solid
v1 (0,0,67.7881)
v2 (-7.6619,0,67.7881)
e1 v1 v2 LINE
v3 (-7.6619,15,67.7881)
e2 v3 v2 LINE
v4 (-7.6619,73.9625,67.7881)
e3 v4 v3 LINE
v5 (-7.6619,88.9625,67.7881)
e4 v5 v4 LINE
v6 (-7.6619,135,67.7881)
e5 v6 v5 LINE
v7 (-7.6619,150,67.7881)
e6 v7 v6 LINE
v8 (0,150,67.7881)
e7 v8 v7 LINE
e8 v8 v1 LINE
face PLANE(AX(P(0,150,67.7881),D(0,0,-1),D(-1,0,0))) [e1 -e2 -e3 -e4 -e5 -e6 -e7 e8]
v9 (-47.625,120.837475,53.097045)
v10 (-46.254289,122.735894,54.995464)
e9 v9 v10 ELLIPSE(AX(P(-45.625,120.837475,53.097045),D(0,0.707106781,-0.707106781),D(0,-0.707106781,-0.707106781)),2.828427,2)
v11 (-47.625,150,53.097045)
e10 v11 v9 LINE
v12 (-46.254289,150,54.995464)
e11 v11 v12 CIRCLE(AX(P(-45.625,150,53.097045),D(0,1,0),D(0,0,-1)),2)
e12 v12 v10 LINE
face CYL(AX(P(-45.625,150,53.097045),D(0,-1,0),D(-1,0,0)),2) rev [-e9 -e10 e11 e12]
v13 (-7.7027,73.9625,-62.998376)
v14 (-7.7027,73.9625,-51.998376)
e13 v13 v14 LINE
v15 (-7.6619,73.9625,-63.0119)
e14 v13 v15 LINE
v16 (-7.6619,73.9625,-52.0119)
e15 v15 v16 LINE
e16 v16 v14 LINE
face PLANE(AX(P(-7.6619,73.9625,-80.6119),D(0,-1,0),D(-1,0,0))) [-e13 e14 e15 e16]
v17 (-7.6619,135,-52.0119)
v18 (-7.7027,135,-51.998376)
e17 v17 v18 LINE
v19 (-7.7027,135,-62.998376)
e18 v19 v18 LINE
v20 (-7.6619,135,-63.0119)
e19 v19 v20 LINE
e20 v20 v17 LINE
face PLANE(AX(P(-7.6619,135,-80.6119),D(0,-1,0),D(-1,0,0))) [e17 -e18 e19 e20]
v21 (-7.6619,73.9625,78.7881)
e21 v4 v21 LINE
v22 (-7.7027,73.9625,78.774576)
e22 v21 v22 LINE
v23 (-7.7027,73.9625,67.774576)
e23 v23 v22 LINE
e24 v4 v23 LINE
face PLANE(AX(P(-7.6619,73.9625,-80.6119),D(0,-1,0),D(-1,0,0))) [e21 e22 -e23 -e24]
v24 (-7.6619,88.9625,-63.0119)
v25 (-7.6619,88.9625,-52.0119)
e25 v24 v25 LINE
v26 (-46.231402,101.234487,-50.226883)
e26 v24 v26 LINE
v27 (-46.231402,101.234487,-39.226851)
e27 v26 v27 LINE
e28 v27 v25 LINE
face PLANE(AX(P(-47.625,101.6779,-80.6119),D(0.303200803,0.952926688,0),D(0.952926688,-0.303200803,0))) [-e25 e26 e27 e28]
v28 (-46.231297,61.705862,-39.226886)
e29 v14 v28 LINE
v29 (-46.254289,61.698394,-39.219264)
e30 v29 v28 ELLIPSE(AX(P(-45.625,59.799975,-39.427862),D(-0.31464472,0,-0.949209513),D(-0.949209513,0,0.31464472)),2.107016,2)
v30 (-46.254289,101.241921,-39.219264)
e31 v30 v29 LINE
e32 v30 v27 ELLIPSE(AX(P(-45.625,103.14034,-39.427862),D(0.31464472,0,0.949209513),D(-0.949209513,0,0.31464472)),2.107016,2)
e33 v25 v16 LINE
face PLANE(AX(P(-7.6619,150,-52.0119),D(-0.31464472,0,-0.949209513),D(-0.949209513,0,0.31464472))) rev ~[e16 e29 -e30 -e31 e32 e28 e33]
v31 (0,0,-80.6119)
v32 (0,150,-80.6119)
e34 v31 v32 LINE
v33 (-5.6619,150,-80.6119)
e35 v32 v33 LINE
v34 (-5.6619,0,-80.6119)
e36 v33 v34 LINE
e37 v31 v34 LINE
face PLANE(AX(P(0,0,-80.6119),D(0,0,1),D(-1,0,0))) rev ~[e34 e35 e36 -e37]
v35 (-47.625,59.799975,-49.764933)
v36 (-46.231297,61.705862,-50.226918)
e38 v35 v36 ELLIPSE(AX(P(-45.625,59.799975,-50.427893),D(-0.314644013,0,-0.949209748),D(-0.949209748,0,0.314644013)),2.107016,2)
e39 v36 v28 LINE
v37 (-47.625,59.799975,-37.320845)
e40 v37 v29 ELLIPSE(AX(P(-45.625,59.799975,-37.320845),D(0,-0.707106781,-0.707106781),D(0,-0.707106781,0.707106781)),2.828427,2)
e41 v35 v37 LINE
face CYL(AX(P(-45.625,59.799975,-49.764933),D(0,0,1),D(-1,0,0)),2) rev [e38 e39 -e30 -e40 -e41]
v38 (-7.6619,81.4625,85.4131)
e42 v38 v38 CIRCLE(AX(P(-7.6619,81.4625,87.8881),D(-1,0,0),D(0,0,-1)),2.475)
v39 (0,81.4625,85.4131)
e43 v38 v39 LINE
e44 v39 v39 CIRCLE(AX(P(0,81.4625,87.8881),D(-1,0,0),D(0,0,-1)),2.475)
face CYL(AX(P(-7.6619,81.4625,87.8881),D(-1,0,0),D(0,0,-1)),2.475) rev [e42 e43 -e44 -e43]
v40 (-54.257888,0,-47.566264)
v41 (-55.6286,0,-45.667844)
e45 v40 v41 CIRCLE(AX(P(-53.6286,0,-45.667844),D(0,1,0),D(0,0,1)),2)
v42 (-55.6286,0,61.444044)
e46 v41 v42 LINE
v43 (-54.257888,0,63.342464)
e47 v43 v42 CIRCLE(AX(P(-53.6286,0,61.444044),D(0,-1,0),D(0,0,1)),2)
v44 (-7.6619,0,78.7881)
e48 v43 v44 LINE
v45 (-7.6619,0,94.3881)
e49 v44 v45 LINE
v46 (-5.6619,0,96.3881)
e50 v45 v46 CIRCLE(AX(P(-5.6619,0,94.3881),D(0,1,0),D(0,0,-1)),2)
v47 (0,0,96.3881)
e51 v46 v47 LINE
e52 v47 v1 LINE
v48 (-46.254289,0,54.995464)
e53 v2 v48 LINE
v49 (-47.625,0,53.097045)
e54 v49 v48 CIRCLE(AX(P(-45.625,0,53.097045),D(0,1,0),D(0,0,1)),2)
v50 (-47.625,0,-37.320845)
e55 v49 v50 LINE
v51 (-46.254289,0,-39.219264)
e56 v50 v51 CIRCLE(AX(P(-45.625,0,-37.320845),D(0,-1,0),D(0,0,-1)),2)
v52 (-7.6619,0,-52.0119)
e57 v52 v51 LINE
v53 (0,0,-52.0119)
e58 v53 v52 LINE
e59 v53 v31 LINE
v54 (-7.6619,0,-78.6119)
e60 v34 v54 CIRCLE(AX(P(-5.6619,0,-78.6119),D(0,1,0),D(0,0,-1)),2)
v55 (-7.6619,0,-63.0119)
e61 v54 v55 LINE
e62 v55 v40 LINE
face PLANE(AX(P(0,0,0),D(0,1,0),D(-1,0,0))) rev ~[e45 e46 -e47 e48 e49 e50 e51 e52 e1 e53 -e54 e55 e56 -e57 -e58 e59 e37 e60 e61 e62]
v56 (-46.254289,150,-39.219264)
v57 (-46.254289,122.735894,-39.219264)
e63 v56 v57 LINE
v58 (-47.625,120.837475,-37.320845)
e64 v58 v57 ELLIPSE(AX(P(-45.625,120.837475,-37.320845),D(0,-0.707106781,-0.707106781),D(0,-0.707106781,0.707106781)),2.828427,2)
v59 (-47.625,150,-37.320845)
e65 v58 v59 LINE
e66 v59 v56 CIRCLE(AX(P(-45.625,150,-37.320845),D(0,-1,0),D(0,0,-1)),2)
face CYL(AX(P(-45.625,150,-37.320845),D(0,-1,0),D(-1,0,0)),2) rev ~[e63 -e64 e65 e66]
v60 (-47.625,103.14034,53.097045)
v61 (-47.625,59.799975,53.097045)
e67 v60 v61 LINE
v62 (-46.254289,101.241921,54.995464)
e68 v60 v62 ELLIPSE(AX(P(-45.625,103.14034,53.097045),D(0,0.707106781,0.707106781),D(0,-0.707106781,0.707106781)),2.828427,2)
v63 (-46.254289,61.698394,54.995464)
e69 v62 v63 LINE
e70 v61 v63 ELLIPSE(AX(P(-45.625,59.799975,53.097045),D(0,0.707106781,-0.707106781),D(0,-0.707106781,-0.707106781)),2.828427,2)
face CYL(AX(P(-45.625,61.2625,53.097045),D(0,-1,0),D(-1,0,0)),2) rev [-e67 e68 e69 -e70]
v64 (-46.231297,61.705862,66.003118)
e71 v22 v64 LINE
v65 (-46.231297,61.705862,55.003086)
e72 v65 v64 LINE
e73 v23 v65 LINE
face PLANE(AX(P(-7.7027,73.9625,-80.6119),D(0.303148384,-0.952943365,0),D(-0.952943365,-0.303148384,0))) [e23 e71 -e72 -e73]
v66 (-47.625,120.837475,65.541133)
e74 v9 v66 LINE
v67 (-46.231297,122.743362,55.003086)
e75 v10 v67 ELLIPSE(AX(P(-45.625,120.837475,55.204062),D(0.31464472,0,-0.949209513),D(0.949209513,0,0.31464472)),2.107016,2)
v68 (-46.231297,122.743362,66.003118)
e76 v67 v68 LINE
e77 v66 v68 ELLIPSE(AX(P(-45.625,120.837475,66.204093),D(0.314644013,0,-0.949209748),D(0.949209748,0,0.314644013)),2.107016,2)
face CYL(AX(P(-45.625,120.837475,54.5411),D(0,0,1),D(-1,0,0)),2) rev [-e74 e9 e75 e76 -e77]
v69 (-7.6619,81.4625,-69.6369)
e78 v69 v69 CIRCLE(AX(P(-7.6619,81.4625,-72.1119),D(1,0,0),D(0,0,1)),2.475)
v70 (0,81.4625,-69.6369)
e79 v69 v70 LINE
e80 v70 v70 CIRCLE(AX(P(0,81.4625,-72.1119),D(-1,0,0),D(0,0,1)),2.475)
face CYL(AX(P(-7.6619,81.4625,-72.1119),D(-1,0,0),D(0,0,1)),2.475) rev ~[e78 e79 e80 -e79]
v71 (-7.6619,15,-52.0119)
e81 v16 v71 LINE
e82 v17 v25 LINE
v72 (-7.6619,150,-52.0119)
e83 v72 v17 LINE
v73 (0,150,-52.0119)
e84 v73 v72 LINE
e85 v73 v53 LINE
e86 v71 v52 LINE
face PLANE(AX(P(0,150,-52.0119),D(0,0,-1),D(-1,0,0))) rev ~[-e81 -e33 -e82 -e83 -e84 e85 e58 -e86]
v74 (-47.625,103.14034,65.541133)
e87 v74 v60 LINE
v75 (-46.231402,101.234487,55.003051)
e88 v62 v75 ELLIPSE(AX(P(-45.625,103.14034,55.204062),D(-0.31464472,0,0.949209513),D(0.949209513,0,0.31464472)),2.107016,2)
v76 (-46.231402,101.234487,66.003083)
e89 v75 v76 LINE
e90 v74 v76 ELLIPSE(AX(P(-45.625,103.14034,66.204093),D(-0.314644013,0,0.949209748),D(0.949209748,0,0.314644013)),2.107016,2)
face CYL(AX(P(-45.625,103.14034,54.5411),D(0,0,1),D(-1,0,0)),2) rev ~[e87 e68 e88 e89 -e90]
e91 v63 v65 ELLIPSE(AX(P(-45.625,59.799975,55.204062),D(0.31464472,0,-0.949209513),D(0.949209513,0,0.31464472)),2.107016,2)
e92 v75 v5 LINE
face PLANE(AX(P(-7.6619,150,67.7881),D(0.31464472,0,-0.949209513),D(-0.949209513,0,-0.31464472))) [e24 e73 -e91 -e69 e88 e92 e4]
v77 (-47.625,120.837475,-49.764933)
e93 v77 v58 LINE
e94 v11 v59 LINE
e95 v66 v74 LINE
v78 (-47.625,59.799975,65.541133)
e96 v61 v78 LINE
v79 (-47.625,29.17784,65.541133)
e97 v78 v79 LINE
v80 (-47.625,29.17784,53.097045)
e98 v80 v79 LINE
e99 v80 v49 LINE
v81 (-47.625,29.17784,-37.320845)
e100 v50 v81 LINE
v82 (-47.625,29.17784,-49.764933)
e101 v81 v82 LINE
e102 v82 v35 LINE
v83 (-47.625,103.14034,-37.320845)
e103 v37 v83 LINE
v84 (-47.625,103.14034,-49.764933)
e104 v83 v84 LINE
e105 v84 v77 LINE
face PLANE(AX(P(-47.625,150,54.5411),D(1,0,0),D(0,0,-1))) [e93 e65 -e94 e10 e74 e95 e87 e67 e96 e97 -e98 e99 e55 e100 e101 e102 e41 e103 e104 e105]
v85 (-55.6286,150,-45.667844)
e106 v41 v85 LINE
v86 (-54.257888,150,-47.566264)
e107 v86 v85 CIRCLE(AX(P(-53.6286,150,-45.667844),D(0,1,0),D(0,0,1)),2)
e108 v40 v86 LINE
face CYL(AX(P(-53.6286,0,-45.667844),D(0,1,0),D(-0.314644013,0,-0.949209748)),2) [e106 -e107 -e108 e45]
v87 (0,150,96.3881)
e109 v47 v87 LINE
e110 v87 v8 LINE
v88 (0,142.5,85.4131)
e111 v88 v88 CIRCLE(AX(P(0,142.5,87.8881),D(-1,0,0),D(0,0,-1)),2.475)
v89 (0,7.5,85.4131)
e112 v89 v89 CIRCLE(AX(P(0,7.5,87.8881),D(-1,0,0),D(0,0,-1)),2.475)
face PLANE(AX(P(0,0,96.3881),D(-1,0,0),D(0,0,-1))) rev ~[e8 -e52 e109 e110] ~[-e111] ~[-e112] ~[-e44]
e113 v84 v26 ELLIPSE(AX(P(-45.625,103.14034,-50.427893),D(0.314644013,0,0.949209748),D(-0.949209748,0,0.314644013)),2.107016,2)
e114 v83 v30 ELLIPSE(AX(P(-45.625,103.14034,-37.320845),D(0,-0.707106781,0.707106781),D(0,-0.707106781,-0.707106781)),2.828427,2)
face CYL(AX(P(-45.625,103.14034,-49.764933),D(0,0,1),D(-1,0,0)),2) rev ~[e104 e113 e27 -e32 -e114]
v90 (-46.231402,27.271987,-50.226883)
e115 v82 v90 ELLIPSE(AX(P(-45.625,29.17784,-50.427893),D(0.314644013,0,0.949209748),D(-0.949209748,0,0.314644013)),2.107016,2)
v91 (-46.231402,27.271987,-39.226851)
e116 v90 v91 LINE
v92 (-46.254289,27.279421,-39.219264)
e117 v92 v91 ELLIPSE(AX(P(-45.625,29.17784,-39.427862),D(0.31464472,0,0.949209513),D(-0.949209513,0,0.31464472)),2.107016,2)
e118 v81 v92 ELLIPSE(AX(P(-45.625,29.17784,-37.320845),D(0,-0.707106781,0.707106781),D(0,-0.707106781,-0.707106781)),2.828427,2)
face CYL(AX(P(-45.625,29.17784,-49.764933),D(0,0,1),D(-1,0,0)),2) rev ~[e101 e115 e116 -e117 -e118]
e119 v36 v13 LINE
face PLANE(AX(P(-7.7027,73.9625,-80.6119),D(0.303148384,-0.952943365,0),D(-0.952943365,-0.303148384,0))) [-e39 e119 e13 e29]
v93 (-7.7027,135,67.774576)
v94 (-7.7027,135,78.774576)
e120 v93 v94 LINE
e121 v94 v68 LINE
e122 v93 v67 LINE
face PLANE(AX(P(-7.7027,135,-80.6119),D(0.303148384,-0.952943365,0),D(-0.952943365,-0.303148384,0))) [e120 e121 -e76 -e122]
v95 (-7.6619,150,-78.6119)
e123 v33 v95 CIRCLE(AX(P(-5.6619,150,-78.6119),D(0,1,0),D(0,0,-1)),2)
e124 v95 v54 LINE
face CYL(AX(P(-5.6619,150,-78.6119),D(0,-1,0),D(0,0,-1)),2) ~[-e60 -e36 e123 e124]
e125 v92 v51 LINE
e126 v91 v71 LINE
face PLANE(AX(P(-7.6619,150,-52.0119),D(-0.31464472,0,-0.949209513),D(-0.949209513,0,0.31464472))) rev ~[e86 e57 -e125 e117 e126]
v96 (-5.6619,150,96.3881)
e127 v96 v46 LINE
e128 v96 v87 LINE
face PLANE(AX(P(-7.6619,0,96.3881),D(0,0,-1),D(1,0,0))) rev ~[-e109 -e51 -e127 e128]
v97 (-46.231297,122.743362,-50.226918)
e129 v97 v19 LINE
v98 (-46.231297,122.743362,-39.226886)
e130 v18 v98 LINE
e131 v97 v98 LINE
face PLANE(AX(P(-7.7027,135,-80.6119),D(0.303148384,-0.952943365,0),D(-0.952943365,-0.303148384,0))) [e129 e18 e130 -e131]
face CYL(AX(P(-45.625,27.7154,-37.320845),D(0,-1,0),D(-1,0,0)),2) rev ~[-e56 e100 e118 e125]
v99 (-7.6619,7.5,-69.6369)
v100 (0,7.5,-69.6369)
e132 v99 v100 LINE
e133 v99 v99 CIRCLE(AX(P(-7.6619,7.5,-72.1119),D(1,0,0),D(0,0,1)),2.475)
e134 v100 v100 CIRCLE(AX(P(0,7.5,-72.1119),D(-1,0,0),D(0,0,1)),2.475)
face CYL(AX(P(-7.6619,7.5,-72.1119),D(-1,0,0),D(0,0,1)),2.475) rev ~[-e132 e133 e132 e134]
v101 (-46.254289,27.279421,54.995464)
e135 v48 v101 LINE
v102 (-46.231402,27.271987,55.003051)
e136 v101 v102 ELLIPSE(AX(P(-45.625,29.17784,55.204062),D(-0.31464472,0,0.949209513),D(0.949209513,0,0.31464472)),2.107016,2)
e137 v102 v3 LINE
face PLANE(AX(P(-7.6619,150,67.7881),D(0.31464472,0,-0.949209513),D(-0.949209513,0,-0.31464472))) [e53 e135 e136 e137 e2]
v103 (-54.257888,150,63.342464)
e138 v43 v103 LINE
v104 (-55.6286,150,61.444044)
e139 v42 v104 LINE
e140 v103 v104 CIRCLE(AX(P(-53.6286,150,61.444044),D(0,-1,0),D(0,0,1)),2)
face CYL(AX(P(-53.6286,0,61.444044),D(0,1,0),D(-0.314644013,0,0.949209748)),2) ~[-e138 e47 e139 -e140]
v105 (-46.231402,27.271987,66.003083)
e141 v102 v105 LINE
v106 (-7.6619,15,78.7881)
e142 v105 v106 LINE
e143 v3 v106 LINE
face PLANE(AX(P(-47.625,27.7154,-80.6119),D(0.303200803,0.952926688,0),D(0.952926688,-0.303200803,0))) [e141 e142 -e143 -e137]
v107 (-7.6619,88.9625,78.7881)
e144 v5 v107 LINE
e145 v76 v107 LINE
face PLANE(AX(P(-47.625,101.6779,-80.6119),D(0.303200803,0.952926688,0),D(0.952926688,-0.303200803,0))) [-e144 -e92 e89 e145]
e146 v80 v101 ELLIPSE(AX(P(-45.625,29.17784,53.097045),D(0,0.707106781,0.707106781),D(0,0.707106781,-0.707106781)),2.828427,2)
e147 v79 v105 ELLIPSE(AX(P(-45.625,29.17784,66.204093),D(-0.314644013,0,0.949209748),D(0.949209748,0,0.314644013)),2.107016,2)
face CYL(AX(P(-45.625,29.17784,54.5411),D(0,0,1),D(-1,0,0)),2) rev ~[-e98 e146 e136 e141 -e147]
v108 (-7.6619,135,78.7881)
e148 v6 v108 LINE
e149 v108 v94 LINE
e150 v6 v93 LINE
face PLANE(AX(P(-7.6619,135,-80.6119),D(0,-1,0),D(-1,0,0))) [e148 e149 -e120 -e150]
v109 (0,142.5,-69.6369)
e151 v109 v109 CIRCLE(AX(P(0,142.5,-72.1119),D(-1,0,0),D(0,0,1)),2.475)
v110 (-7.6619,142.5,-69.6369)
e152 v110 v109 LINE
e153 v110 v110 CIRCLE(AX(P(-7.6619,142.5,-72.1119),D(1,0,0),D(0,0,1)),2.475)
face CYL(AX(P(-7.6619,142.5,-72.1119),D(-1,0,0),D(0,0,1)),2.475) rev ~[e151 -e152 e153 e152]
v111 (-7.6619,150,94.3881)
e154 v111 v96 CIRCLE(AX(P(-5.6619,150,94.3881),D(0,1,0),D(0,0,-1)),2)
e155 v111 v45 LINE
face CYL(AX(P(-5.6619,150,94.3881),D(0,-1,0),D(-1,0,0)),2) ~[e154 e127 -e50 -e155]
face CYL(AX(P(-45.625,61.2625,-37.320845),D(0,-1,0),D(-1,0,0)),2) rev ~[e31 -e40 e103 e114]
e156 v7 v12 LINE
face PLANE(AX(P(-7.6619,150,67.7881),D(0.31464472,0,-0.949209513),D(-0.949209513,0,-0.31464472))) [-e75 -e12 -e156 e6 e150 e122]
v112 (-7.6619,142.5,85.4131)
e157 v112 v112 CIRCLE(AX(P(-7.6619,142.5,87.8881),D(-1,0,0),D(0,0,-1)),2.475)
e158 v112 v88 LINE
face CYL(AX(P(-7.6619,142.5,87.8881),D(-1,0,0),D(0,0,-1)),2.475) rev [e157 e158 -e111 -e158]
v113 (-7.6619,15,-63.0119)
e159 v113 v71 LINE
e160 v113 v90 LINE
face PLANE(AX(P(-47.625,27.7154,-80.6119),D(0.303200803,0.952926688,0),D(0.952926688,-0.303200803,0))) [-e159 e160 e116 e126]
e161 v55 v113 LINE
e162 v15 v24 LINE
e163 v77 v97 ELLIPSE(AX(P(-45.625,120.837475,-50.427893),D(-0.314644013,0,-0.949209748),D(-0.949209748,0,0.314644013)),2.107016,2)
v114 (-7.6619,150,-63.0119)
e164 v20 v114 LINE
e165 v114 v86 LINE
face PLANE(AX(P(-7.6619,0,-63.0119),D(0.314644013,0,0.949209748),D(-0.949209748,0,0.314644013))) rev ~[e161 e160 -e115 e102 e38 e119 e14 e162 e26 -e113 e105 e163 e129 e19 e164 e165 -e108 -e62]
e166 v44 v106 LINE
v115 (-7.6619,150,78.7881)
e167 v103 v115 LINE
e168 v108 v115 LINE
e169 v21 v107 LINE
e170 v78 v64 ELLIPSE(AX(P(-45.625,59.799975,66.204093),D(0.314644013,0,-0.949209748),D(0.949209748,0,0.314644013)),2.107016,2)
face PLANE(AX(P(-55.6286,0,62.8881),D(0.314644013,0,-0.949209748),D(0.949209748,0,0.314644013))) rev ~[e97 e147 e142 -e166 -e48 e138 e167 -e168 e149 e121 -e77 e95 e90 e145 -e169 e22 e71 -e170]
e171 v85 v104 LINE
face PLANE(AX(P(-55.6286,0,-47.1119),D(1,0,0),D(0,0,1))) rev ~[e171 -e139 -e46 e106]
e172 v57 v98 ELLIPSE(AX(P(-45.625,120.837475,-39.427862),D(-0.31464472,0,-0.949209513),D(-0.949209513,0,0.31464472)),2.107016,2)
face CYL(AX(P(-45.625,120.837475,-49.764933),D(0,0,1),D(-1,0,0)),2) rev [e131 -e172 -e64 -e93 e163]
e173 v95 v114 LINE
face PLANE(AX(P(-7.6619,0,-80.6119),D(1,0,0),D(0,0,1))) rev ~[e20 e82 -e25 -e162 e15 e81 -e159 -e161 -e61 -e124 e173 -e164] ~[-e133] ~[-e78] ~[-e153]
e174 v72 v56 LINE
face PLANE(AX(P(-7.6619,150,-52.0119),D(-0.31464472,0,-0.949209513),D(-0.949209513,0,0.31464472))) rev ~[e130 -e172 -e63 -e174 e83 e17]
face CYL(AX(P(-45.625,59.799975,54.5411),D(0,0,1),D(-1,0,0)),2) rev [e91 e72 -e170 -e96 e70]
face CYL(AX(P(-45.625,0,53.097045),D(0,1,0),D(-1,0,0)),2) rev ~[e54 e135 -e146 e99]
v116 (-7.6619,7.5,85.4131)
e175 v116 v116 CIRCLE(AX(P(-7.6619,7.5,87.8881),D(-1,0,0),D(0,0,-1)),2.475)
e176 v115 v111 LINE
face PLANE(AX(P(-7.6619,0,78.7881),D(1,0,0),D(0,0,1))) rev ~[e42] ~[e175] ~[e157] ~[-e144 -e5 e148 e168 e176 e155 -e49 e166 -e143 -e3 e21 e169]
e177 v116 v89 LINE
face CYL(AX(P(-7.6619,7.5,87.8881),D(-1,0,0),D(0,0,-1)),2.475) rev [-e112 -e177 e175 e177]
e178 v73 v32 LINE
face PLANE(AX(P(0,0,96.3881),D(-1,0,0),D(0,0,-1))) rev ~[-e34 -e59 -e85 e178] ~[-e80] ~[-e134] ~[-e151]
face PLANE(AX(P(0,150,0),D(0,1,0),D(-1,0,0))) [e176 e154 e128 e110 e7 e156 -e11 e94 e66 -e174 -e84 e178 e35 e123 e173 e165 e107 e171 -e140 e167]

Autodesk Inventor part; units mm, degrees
ref_plane "YZ Plane" through (0, 0, 0) normal (1, 0, 0) x (0, 1, 0)
ref_plane "XZ Plane" through (0, 0, 0) normal (0, 1, 0) x (-1, 0, 0)
ref_plane "XY Plane" through (0, 0, 0) normal (0, 0, 1) x (1, 0, 0)
sketch "Sketch1" plane through (0, 0, 0) normal (0, 1, 0) x (-1, 0, 0)
  line L0 (0, 96.3881) -> (0, -80.6119)
  line L1 (0, -80.6119) -> (7.6619, -80.6119)
  line L2 (7.6619, -80.6119) -> (7.6619, -63.0119)
  line L3 (7.6619, -63.0119) -> (55.6286, -47.1119)
  line L4 (55.6286, -47.1119) -> (55.6286, 62.8881)
  line L5 (55.6286, 62.8881) -> (7.6619, 78.7881)
  line L6 (7.6619, 78.7881) -> (7.6619, 96.3881)
  line L7 (7.6619, 96.3881) -> (0, 96.3881)
  point P0 (0, 0)
  dimension "d0" = 177
  dimension "d1" = 17.6
  dimension "d2" = 17.6
  dimension "d3" = 110
  dimension "d4" = 15.9
extrude "Extrusion1" add sketch "Sketch1" along normal blind 150
sketch "Sketch2" plane through (0, 150, 0) normal (0, 1, 0) x (1, 0, 0)
  line L0 (-7.6619, -78.7881) -> (-7.6619, -96.3881) projected
  line L1 (-7.6619, -78.7881) -> (0, -78.7881)
  line L2 (0, -96.3881) -> (0, 80.6119) projected
  line L3 (0, -78.7881) -> (0, -67.7881)
  line L4 (0, -67.7881) -> (-7.6619, -67.7881)
  line L5 (-7.6619, 80.6119) -> (-7.6619, 63.0119) projected
  line L6 (-7.6619, 63.0119) -> (0, 63.0119)
  line L7 (0, 63.0119) -> (0, 52.0119)
  line L8 (0, 52.0119) -> (-7.6619, 52.0119)
  line L9 (0, -67.7881) -> (0, 52.0119)
  line L10 (-7.6619, -67.7881) -> (-47.625, -54.5411)
  line L11 (-7.6619, 52.0119) -> (-47.625, 38.7649)
  line L12 (-55.6286, -62.8881) -> (-7.6619, -78.7881) projected
  line L13 (-7.6619, 63.0119) -> (-55.6286, 47.1119) projected
  line L14 (-47.625, -54.5411) -> (-47.625, 38.7649)
  point P0 (0, 0)
  dimension "d8" = 11
  dimension "d9" = 11
  dimension "d10" = 0
  dimension "d11" = 0
  dimension "d12" = 93.306
extrude "Extrusion2" cut sketch "Sketch2" against normal blind 150
sketch "Sketch3" plane through (0, 0, -80.6119) normal (0, 0, -1) x (-1, 0, 0)
  line L0 (0, 0) -> (0, 150) projected
  line L1 (0, 135) -> (7.7027, 135)
  line L2 (7.7027, 135) -> (47.625, 122.3)
  line L3 (47.625, 150) -> (47.625, 0) projected
  line L4 (47.625, 122.3) -> (47.625, 101.6779)
  line L5 (47.625, 101.6779) -> (7.6619, 88.9625)
  line L6 (7.6619, 150) -> (7.6619, 0) projected
  line L7 (7.6619, 88.9625) -> (0, 88.9625)
  line L8 (0, 135) -> (0, 88.9625)
  line L9 (0, 73.9625) -> (7.7027, 73.9625)
  line L10 (7.7027, 73.9625) -> (47.625, 61.2625)
  line L11 (47.625, 61.2625) -> (47.625, 27.7154)
  line L12 (47.625, 27.7154) -> (7.6619, 15)
  line L13 (7.6619, 15) -> (0, 15)
  line L14 (0, 73.9625) -> (0, 15)
  line L15 (0, 150) -> (7.6619, 150) projected
  line L16 (0, 0) -> (7.6619, 0) projected
  point P0 (7.6619, 15)
  point P1 (7.6619, 73.9625)
  point P2 (7.6619, 135)
  dimension "d15" = 72.35
  dimension "d16" = 72.353
  dimension "d18" = 15
  dimension "d19" = 15
  dimension "d20" = 46.0375
  dimension "d22" = 72.353
  dimension "d23" = 72.35
  dimension "d24" = 15
extrude "Extrusion3" cut sketch "Sketch3" against normal blind 1500 contours L6 L9 L10 L3 L12 | L6 L1 L2 L3 L5
fillet "Fillet1" radius 2 8 edges at (-47.625, 122.3, -44.2649) (-47.625, 101.6779, -44.2649) (-47.625, 61.2625, -44.2649) (-47.625, 27.7154, -44.2649) (-47.625, 61.2625, 60.0411) (-47.625, 122.3, 60.0411) (-47.625, 101.6779, 60.0411) (-47.625, 27.7154, 60.0411)
fillet "Fillet2" radius 2 12 edges at (-47.625, 121.5687, 54.5411) (-47.625, 136.15, 54.5411) (-47.625, 60.5312, 54.5411) (-47.625, 102.4092, 54.5411) (-47.625, 28.4467, 54.5411) (-47.625, 13.8577, 54.5411) (-47.625, 136.15, -38.7649) (-47.625, 121.5687, -38.7649) (-47.625, 60.5312, -38.7649) (-47.625, 102.4092, -38.7649) (-47.625, 13.8577, -38.7649) (-47.625, 28.4467, -38.7649)
fillet "Fillet3" radius 2 4 edges at (-7.6619, 75, 96.3881) (-7.6619, 75, -80.6119) (-55.6286, 75, -47.1119) (-55.6286, 75, 62.8881)
sketch "Sketch4" plane through (-7.6619, 15, -52.0119) normal (-1, 0, 0) x (0, 0, 1)
  line L0 (130.8, 135) -> (146.4, 135) projected
  line L1 (139.9, 135) -> (139.9, -14.5366)
  line L2 (-20.1, 135) -> (-20.1, -15)
  line L3 (-26.6, -15) -> (-26.6, 135) projected
  line L4 (-26.6, -15) -> (-11, -15) projected
  line L5 (148.4, -15) -> (148.4, 135) projected
  circle A0 centre (-20.1, 127.5) radius 2.475
  line L6 (-26.6, 135) -> (-11, 135) projected
  circle A1 centre (-20.1, 66.4625) radius 2.475
  circle A2 centre (-20.1, -7.5) radius 2.475
  line L7 (-10.9865, 58.9625) -> (0.0135, 58.9625) projected
  point P0 (52.0119, -15)
  dimension "d30" = 160
  dimension "d31" = 150
  dimension "d32" = 0
  dimension "d33" = 8.5
  dimension "d34" = 4.95
  dimension "d35" = 7.5
  dimension "d36" = 7.5
  dimension "d37" = 7.5
extrude "Extrusion4" cut sketch "Sketch4" against normal blind 1500 contours A0 L2 | L2 A0 | A1 L2 | L2 A1 | A2 L2 | L2 A2
ref_plane "Work Plane1" through (-221.551, 135, 7.8881) normal (0, 0, -1) x (0, -1, 0)
mirror "Mirror1" about plane through (-221.551, 135, 7.8881) normal (0, 0, -1) of "Extrusion4"
properties part number "SpotAttachment"
